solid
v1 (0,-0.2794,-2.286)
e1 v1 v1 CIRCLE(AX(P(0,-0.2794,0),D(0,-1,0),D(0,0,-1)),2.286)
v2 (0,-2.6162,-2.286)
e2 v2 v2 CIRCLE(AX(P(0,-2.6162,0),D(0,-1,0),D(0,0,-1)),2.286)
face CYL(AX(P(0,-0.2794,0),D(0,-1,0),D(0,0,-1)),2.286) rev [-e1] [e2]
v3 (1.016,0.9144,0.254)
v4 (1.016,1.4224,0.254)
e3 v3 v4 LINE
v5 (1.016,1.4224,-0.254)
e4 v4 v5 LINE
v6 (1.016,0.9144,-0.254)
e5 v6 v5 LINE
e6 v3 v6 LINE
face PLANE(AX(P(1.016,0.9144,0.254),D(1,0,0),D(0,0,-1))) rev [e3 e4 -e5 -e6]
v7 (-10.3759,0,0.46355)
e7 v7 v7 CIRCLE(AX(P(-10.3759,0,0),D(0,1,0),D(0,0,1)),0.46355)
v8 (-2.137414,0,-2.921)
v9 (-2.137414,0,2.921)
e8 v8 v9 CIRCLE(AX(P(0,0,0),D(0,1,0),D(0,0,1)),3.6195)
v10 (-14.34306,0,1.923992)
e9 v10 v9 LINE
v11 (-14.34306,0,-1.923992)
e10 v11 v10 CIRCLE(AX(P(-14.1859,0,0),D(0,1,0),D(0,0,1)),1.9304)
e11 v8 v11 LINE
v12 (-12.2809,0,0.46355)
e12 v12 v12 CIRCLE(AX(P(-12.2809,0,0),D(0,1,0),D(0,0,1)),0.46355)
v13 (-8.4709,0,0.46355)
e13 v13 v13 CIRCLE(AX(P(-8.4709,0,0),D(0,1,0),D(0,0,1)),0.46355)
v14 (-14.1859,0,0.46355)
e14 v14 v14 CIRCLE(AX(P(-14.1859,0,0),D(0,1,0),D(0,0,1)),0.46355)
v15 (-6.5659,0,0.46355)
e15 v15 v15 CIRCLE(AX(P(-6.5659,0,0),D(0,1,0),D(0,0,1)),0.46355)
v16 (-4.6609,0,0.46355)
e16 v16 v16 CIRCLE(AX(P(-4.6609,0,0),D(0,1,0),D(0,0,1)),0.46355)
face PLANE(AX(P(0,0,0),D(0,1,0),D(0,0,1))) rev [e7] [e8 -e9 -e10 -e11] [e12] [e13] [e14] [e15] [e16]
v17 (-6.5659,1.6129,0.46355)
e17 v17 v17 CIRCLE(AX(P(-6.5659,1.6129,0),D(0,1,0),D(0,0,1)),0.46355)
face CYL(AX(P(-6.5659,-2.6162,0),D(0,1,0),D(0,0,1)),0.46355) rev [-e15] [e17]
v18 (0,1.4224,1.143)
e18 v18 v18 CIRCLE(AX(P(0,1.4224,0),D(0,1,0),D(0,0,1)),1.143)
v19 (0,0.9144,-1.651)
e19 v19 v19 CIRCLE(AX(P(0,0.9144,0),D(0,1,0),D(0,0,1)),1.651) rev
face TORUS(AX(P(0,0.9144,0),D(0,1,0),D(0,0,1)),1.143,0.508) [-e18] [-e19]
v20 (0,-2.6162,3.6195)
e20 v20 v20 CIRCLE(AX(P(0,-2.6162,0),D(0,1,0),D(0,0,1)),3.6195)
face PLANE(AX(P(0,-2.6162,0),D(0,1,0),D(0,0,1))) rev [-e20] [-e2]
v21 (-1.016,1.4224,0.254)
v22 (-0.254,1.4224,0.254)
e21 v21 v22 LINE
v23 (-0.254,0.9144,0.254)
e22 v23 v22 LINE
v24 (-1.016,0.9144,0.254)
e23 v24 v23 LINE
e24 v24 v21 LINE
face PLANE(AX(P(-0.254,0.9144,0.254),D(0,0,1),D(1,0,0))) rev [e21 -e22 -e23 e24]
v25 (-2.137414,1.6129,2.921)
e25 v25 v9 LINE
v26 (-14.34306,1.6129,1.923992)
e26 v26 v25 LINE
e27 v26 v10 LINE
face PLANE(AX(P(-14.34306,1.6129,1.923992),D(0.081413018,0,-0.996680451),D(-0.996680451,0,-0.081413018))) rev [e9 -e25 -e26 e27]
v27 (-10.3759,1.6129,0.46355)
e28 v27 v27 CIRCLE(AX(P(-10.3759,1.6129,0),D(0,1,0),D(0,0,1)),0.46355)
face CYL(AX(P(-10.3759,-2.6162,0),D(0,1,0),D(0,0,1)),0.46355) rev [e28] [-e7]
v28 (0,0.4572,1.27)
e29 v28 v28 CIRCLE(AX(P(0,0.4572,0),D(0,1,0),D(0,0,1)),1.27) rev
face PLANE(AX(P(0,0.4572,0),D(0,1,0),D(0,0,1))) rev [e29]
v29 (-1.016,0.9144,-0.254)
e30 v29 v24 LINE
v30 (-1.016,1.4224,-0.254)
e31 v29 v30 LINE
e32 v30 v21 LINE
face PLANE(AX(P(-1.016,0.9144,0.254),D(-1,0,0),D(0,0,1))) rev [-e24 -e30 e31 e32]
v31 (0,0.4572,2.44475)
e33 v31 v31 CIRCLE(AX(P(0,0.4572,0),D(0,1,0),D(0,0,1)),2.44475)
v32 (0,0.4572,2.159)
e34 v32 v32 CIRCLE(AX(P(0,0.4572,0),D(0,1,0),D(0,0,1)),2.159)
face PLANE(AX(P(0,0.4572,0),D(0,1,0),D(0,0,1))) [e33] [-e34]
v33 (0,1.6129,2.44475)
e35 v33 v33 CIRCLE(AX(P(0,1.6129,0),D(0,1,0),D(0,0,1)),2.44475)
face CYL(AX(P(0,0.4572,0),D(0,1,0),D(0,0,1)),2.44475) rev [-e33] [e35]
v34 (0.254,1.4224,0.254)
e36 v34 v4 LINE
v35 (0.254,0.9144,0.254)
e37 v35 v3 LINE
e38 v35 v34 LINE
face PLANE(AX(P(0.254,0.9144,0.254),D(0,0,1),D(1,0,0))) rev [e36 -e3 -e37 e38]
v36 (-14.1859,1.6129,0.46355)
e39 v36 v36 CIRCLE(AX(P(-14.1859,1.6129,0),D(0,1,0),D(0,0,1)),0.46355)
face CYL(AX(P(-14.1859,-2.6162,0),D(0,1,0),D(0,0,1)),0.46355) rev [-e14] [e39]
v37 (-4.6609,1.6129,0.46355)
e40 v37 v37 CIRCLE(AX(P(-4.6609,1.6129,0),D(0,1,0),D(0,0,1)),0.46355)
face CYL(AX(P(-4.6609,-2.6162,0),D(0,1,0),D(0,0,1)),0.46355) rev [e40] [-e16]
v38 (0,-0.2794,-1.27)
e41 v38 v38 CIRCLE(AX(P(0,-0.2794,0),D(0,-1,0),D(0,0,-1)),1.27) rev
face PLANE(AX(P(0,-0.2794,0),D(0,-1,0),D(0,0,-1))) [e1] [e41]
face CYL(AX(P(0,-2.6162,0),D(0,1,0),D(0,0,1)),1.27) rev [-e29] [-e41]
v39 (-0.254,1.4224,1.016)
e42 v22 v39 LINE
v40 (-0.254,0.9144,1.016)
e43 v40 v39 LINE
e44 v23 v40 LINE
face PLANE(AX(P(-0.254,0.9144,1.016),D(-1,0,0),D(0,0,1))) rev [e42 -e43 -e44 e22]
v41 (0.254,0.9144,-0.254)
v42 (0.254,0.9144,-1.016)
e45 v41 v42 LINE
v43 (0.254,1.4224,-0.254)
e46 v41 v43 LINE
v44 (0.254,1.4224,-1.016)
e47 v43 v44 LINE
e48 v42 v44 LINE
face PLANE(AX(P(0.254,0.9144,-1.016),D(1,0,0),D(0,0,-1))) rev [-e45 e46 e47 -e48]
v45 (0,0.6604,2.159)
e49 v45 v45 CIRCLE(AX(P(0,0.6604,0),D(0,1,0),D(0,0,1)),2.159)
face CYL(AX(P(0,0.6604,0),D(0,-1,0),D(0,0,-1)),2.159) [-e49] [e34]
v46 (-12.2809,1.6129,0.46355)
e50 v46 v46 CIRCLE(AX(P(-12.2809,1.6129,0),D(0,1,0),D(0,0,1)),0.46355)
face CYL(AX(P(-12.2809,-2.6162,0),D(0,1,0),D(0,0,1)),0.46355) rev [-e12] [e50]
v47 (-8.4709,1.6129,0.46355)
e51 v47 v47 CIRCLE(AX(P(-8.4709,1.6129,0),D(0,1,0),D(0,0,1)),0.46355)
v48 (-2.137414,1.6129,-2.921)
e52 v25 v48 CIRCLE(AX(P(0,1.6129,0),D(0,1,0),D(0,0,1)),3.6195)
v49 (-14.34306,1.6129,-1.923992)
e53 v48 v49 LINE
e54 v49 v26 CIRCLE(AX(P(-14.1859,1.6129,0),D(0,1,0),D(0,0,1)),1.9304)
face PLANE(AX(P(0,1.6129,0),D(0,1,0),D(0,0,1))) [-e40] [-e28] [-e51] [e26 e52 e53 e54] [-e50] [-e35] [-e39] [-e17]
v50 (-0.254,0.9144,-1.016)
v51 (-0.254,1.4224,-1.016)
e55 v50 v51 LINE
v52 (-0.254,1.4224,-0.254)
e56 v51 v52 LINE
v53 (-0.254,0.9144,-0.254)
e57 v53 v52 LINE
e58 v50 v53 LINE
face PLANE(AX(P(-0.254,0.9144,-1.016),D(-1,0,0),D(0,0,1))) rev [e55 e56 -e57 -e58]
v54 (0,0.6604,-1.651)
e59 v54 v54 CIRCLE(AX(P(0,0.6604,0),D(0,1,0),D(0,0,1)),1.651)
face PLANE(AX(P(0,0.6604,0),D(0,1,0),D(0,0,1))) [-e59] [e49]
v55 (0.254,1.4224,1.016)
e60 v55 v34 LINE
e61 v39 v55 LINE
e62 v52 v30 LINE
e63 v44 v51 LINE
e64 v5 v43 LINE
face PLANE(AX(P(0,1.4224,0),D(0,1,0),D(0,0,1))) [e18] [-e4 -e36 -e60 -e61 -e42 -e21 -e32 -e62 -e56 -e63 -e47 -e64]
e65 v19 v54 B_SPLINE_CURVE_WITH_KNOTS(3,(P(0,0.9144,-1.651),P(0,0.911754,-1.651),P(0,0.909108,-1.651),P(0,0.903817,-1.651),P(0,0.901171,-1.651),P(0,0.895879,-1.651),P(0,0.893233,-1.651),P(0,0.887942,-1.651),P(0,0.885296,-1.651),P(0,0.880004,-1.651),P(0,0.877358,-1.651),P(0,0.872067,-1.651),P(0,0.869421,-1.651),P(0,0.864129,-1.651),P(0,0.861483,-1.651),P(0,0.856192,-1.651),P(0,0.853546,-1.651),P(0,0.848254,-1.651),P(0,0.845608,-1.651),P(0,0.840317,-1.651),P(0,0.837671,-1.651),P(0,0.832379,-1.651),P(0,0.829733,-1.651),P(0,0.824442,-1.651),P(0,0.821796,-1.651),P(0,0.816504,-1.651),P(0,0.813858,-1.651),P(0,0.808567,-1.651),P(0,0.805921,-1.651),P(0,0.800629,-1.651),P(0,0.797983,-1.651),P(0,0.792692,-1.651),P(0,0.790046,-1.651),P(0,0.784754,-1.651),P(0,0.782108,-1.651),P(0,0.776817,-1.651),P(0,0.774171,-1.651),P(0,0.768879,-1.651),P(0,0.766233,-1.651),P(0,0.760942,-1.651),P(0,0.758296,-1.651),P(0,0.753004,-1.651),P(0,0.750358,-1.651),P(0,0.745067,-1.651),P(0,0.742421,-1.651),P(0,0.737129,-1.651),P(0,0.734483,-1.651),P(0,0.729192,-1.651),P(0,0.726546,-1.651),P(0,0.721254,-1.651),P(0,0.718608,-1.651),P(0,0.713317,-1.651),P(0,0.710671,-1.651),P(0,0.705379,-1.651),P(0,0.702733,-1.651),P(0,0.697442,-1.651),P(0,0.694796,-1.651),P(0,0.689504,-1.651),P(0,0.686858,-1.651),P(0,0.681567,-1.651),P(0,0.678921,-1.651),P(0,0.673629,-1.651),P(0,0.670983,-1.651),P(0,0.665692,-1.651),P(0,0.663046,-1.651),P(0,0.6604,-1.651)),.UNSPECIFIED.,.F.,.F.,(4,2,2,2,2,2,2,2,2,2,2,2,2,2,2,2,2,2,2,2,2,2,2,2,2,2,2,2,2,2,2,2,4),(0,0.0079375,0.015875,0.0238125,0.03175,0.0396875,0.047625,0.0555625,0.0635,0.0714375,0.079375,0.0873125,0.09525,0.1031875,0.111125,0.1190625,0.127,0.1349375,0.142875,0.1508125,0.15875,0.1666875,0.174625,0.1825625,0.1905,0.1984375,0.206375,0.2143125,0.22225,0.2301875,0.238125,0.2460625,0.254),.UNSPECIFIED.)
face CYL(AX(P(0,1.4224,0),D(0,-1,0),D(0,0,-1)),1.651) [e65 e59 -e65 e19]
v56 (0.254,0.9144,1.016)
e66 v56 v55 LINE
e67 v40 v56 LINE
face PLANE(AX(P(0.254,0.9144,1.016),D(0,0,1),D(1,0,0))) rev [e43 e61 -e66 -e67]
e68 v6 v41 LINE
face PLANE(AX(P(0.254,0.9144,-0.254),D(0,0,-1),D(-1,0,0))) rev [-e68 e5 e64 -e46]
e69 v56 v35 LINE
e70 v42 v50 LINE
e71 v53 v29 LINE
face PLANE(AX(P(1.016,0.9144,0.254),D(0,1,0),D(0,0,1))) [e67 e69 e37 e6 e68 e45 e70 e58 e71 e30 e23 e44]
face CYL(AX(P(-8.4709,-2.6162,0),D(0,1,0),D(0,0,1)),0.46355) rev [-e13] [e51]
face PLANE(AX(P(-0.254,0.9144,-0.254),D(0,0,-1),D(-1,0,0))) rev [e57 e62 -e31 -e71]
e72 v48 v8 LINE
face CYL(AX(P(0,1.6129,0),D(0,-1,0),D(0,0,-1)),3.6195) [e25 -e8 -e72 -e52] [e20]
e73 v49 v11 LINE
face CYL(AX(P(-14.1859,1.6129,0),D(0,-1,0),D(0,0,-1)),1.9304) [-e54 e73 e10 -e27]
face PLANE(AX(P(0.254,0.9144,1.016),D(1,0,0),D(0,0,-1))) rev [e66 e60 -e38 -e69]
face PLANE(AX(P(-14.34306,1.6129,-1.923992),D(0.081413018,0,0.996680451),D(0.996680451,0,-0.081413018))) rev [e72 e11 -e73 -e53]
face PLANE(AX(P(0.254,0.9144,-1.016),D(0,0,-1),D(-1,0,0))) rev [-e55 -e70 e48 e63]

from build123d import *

# Parameters (mm, degrees)
EXTRUDE17_DEPTH = 1.6129
SKETCH19_R      = 3.6195
EXTRUDE19_DEPTH = 4.2291
SKETCH20_R      = 0.46355
SKETCH20_R_2    = 1.27
EXTRUDE20_DEPTH = 18.050548166
SKETCH21_R      = 2.44475
EXTRUDE21_DEPTH = 1.1557
SKETCH22_R      = 2.286
EXTRUDE22_DEPTH = 2.3368
SKETCH23_R      = 2.159
EXTRUDE23_DEPTH = 0.2032
SKETCH24_R      = 1.651
EXTRUDE24_DEPTH = 0.762
EXTRUDE25_DEPTH = 0.508
FILLET1_R       = 0.508


with BuildPart() as part:
    # Sketch18 → Extrude17 (new body)
    with BuildSketch(Plane(origin=(0, 0, 0), x_dir=(1, 0, 0), z_dir=(0, 1, 0))):
        with BuildLine():
            Line((-14.34305969, 1.923991942), (-2.13741415, 2.921))
            ThreePointArc((-2.13741415, 2.921), (3.6195, 0), (-2.13741415, -2.921))
            Line((-2.13741415, -2.921), (-14.34305969, -1.923991942))
            ThreePointArc((-14.34305969, -1.923991942), (-16.1163, 0), (-14.34305969, 1.923991942))
        make_face()
    extrude(amount=EXTRUDE17_DEPTH)

    # Sketch19 → Extrude19 (add)
    with BuildSketch(Plane(origin=(0, 1.6129, 0), x_dir=(1, 0, 0), z_dir=(0, 1, 0))):
        with Locations(Location((0, 0, 0), (0, 0, 126.194447475))):
            Circle(SKETCH19_R)
    extrude(amount=-EXTRUDE19_DEPTH)

    # Sketch20 → Extrude20 (cut, through all)
    with BuildSketch(Plane(origin=(0, 1.6129, 0), x_dir=(1, 0, 0), z_dir=(0, 1, 0))):
        with Locations(Location((-14.1859, 0, 0), (0, 0, 270))):
            Circle(SKETCH20_R)
        with Locations(Location((0, 0, 0), (0, 0, 270))):
            Circle(SKETCH20_R_2)
        with Locations(Location((-4.6609, 0, 0), (0, 0, 270))):
            Circle(SKETCH20_R)
        with Locations(Location((-6.5659, 0, 0), (0, 0, 270))):
            Circle(SKETCH20_R)
        with Locations(Location((-8.4709, 0, 0), (0, 0, 270))):
            Circle(SKETCH20_R)
        with Locations(Location((-10.3759, 0, 0), (0, 0, 270))):
            Circle(SKETCH20_R)
        with Locations(Location((-12.2809, 0, 0), (0, 0, 270))):
            Circle(SKETCH20_R)
    extrude(amount=-EXTRUDE20_DEPTH, mode=Mode.SUBTRACT)

    # Sketch21 → Extrude21 (cut)
    with BuildSketch(Plane(origin=(0, 1.6129, 0), x_dir=(1, 0, 0), z_dir=(0, 1, 0))):
        with Locations(Location((0, 0, 0), (0, 0, 270))):
            Circle(SKETCH21_R)
    extrude(amount=-EXTRUDE21_DEPTH, mode=Mode.SUBTRACT)

    # Sketch22 → Extrude22 (cut)
    with BuildSketch(Plane.XZ.offset(2.6162)):
        with Locations(Location((0, 0, 0), (0, 0, 270))):
            Circle(SKETCH22_R)
    extrude(amount=-EXTRUDE22_DEPTH, mode=Mode.SUBTRACT)



with BuildPart() as body_2:
    # Sketch23 → Extrude23 (new body)
    with BuildSketch(Plane(origin=(0, 0.4572, 0), x_dir=(1, 0, 0), z_dir=(0, 1, 0))):
        with Locations(Location((0, 0, 0), (0, 0, 270))):
            Circle(SKETCH23_R)
    extrude(amount=EXTRUDE23_DEPTH)


with BuildPart() as part_1:
    add(part.part)

    add(body_2.part)  # Extrude24 merges body 2
    # Sketch24 → Extrude24 (add)
    with BuildSketch(Plane(origin=(0, 0.6604, 0), x_dir=(1, 0, 0), z_dir=(0, 1, 0))):
        with Locations(Location((0, 0, 0), (0, 0, 90))):
            Circle(SKETCH24_R)
    extrude(amount=EXTRUDE24_DEPTH)

    # Sketch25 → Extrude25 (cut)
    with BuildSketch(Plane(origin=(0, 1.4224, 0), x_dir=(1, 0, 0), z_dir=(0, 1, 0))):
        Polygon((0.254, -1.016), (-0.254, -1.016), (-0.254, -0.254), (-1.016, -0.254), (-1.016, 0.254), (-0.254, 0.254), (-0.254, 1.016), (0.254, 1.016), (0.254, 0.254), (1.016, 0.254), (1.016, -0.254), (0.254, -0.254), align=None)
    extrude(amount=-EXTRUDE25_DEPTH, mode=Mode.SUBTRACT)

    # Fillet1
    fillet1_edges = [part_1.edges().sort_by_distance(p)[0] for p in [
        (0, 1.4224, 1.651),
    ]]
    fillet(fillet1_edges, radius=FILLET1_R)


solid = part_1.part
